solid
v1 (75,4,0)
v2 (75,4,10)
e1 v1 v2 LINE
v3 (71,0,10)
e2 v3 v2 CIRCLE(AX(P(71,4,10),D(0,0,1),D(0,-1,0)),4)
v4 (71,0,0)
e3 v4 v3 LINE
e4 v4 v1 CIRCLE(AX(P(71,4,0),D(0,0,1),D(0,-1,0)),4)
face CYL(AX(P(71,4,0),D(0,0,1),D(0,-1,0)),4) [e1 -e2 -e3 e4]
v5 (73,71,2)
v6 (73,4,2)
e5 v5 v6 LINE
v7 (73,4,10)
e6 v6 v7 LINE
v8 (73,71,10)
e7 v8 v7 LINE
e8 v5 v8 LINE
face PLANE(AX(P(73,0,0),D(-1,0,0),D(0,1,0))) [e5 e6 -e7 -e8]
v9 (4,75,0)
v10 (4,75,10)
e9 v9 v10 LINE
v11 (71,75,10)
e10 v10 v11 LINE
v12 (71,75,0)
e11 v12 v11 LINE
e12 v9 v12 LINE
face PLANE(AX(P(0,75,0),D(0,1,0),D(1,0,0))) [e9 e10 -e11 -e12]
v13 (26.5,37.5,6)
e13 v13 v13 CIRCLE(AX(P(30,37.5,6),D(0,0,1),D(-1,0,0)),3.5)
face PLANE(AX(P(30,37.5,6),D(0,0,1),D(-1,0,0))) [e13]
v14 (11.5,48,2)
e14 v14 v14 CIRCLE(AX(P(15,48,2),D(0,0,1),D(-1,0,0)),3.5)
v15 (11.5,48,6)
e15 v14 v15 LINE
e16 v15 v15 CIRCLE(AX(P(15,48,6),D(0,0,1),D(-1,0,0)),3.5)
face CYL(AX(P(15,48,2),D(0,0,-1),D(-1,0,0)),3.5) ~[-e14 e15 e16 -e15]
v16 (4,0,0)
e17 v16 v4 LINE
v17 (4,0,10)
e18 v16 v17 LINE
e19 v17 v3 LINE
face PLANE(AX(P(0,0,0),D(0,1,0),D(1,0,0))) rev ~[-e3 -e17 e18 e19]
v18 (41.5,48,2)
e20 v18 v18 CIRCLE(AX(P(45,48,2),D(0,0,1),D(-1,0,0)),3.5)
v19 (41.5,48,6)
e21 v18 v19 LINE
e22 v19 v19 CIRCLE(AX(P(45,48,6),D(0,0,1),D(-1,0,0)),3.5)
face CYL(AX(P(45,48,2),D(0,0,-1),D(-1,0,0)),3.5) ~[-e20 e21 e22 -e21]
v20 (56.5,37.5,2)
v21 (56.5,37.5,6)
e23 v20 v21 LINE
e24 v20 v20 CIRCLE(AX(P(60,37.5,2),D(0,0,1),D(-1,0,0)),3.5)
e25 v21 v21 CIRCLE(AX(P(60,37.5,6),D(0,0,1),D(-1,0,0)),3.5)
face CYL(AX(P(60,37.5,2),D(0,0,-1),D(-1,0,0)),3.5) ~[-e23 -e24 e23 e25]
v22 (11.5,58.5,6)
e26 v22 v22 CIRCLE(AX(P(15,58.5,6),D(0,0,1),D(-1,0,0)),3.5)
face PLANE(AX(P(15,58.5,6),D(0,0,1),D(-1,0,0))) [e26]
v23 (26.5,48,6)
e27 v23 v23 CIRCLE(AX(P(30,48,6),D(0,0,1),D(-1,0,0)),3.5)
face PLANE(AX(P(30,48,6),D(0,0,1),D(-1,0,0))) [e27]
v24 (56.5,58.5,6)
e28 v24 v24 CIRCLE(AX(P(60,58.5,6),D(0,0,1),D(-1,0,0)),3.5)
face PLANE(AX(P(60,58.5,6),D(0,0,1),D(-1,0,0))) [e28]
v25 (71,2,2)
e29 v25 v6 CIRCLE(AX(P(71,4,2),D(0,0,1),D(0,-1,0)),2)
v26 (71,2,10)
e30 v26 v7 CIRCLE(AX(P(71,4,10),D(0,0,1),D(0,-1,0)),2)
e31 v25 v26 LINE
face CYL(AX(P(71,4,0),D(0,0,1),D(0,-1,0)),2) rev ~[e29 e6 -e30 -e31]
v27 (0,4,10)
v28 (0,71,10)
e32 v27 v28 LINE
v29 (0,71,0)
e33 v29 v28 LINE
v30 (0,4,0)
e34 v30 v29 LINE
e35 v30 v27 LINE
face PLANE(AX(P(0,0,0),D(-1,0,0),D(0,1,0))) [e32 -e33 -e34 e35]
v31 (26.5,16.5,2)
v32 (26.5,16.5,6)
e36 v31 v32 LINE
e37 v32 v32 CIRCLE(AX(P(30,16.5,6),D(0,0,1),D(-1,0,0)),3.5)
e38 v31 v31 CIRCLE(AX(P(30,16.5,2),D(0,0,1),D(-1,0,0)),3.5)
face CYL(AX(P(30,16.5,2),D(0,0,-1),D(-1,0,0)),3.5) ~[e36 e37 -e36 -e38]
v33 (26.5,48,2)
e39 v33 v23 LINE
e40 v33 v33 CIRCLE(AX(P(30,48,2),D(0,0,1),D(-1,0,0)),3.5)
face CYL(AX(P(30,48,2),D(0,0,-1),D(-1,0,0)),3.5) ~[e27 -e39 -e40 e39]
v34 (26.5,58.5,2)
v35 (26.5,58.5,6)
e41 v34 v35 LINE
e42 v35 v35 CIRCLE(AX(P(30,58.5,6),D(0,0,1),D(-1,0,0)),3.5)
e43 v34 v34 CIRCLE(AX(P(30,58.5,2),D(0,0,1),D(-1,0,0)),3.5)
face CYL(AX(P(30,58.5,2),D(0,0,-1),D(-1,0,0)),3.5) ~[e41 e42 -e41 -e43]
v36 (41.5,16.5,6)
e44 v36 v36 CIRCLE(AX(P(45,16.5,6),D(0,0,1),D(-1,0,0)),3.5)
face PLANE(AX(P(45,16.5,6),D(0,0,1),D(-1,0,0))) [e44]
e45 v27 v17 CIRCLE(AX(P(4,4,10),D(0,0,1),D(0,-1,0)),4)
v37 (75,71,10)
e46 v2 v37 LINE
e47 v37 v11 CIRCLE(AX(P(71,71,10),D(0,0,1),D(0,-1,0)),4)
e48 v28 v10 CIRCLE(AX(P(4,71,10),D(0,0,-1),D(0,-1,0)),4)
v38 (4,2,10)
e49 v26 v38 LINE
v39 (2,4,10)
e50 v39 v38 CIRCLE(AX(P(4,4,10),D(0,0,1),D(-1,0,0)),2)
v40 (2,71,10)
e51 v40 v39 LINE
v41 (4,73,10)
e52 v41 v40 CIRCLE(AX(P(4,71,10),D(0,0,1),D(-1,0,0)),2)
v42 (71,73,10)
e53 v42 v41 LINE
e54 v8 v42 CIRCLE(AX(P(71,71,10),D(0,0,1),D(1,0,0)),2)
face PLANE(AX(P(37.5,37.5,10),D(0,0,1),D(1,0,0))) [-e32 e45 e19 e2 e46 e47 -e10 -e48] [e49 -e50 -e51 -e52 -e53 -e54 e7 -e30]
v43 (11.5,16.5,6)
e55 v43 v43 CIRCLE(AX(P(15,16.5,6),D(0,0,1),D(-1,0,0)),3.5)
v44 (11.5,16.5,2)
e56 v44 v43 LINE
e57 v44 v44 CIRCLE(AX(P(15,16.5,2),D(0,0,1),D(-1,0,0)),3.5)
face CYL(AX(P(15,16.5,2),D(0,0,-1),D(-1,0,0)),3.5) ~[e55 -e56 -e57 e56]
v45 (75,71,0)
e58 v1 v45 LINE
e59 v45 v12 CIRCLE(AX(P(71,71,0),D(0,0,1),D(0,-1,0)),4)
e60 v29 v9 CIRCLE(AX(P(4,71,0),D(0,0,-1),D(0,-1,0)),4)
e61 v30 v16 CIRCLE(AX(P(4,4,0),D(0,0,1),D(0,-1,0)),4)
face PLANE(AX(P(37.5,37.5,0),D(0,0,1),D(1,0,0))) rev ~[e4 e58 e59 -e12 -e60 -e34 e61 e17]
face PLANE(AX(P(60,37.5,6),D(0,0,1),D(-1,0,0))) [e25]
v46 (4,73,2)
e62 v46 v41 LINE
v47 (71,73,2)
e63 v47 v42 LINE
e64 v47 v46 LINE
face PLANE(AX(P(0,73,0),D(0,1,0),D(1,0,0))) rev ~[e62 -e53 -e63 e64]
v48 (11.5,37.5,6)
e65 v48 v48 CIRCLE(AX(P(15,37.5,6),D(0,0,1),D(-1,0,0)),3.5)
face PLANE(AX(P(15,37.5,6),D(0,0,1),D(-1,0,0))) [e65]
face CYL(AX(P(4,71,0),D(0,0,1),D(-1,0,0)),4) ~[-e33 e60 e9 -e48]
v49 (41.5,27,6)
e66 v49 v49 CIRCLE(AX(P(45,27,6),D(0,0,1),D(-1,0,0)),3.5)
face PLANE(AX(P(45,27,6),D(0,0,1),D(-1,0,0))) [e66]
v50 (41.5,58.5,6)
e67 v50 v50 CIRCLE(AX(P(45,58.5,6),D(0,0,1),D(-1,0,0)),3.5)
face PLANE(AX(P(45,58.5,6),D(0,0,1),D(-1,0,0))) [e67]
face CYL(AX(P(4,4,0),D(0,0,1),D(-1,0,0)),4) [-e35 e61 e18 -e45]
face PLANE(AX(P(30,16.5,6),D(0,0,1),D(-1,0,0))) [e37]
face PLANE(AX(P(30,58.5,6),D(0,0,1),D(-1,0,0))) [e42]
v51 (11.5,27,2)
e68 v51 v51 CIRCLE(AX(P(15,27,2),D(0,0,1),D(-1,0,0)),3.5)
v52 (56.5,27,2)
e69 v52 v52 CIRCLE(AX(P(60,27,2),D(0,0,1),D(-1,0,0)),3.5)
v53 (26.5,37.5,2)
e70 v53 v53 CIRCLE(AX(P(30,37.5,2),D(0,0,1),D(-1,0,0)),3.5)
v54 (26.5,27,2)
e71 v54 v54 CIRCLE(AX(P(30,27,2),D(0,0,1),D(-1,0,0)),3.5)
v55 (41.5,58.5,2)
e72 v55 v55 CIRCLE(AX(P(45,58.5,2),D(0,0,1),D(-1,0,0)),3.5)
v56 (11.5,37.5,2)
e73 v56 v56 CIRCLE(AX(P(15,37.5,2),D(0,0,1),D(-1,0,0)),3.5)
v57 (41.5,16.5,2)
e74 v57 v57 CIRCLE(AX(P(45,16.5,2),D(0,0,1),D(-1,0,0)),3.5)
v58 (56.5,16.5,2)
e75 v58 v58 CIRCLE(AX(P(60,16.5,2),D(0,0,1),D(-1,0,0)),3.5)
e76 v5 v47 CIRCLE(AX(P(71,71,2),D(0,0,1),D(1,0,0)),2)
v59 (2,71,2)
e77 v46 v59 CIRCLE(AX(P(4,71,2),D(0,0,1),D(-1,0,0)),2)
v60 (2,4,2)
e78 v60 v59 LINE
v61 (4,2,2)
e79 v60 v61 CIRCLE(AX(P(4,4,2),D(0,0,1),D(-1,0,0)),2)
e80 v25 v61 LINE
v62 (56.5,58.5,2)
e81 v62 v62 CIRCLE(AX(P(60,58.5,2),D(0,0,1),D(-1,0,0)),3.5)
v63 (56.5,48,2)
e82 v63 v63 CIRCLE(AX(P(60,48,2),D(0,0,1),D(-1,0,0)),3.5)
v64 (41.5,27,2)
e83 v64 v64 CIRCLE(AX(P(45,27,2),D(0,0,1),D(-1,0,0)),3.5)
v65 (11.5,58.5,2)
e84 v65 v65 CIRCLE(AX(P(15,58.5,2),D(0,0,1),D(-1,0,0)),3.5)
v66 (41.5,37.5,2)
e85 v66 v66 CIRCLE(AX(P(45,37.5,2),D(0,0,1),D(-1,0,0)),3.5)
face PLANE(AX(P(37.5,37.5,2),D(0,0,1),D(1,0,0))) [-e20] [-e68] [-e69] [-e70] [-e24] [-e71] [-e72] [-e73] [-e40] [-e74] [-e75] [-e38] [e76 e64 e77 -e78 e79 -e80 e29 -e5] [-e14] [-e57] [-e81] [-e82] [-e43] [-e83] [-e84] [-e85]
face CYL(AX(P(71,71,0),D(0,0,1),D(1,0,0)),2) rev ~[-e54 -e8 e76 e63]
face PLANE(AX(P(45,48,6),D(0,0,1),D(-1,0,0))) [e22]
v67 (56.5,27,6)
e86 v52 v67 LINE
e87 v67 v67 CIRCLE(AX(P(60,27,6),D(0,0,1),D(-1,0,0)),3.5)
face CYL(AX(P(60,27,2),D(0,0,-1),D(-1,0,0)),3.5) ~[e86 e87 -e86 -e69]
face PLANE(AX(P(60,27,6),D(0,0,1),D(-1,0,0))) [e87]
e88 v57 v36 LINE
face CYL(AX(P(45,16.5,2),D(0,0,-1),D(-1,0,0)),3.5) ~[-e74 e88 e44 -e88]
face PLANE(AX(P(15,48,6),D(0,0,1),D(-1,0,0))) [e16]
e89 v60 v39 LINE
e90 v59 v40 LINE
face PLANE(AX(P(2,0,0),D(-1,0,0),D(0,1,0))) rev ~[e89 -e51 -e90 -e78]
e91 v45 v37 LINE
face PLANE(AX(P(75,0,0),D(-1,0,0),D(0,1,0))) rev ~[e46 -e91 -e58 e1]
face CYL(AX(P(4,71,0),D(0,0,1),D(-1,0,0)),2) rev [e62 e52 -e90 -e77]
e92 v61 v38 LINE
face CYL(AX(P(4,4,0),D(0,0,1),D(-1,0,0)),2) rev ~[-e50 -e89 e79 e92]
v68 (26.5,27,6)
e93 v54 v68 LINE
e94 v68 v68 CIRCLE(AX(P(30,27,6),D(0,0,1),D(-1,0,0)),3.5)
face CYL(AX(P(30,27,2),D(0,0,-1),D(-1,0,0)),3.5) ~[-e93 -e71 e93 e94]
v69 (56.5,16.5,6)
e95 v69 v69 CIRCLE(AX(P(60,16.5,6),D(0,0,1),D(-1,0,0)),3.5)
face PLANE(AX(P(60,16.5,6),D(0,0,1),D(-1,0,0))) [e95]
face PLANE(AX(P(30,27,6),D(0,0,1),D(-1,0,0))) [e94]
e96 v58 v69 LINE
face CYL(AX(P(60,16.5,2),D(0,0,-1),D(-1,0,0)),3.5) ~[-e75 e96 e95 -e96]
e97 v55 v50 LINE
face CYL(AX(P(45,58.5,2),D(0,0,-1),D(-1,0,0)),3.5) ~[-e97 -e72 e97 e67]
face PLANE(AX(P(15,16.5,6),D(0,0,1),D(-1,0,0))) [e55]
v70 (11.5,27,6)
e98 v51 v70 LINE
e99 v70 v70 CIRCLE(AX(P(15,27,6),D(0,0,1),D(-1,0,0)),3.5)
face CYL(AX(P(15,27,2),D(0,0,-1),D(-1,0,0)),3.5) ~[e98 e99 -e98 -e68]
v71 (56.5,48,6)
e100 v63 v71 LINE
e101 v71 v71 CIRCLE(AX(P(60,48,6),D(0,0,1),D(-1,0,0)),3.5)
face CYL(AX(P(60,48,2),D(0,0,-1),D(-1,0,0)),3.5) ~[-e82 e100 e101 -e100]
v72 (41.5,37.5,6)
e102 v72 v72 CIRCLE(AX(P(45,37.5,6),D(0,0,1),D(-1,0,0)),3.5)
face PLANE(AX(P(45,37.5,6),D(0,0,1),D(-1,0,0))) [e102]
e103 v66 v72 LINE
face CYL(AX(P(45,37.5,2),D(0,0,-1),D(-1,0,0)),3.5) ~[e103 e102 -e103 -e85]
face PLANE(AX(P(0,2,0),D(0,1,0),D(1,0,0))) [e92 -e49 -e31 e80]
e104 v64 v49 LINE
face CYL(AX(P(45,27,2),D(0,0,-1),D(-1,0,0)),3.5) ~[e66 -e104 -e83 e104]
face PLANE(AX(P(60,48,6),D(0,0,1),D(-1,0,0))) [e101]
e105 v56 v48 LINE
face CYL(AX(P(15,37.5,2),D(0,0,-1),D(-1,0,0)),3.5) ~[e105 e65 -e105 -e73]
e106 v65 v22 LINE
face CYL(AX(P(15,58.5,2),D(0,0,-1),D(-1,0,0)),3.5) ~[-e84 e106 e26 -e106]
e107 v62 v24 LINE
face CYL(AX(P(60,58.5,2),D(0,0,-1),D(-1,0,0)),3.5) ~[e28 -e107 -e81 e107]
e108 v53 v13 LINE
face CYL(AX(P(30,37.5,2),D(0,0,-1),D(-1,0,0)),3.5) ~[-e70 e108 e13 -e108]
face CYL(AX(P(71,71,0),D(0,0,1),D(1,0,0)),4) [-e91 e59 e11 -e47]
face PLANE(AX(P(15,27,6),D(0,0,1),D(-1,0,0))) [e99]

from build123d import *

# Parameters (mm, degrees)
SKETCH1_W           = 75
SKETCH1_H           = 75
BOSS_EXTRUDE1_DEPTH = 10
FILLET1_R           = 4
SHELL1_T            = -2
SKETCH2_R           = 3.5
BOSS_EXTRUDE2_DEPTH = 4


with BuildPart() as part:
    # Sketch1 → Boss-Extrude1 (new body)
    with BuildSketch(Plane.XY):
        with Locations((37.5, 37.5)):
            Rectangle(SKETCH1_W, SKETCH1_H)
    extrude(amount=BOSS_EXTRUDE1_DEPTH)

    # Fillet1
    fillet1_edges = [part.edges().sort_by_distance(p)[0] for p in [
        (0, 75, 5),
        (75, 75, 5),
        (75, 0, 5),
        (0, 0, 5),
    ]]
    fillet(fillet1_edges, radius=FILLET1_R)

    # Shell1
    shell1_openings = [part.faces().sort_by_distance(p)[0] for p in [
        (37.5, 37.5, 10),
    ]]
    offset(amount=SHELL1_T, openings=shell1_openings, kind=Kind.INTERSECTION)

    # Sketch2 → Boss-Extrude2 (add)
    with BuildSketch(Plane.XY.offset(2)):
        with Locations(Location((15, 58.5, 0), (0, 0, 180))):
            Circle(SKETCH2_R)
        with Locations(Location((30, 58.5, 0), (0, 0, 180))):
            Circle(SKETCH2_R)
        with Locations(Location((45, 58.5, 0), (0, 0, 180))):
            Circle(SKETCH2_R)
        with Locations(Location((60, 58.5, 0), (0, 0, 180))):
            Circle(SKETCH2_R)
        with Locations(Location((30, 48, 0), (0, 0, 180))):
            Circle(SKETCH2_R)
        with Locations(Location((45, 48, 0), (0, 0, 180))):
            Circle(SKETCH2_R)
        with Locations(Location((60, 48, 0), (0, 0, 180))):
            Circle(SKETCH2_R)
        with Locations(Location((30, 37.5, 0), (0, 0, 180))):
            Circle(SKETCH2_R)
        with Locations(Location((45, 37.5, 0), (0, 0, 180))):
            Circle(SKETCH2_R)
        with Locations(Location((60, 37.5, 0), (0, 0, 180))):
            Circle(SKETCH2_R)
        with Locations(Location((30, 27, 0), (0, 0, 180))):
            Circle(SKETCH2_R)
        with Locations(Location((45, 27, 0), (0, 0, 180))):
            Circle(SKETCH2_R)
        with Locations(Location((60, 27, 0), (0, 0, 180))):
            Circle(SKETCH2_R)
        with Locations(Location((30, 16.5, 0), (0, 0, 180))):
            Circle(SKETCH2_R)
        with Locations(Location((45, 16.5, 0), (0, 0, 180))):
            Circle(SKETCH2_R)
        with Locations(Location((60, 16.5, 0), (0, 0, 180))):
            Circle(SKETCH2_R)
        with Locations(Location((15, 48, 0), (0, 0, 180))):
            Circle(SKETCH2_R)
        with Locations(Location((15, 37.5, 0), (0, 0, 180))):
            Circle(SKETCH2_R)
        with Locations(Location((15, 27, 0), (0, 0, 180))):
            Circle(SKETCH2_R)
        with Locations(Location((15, 16.5, 0), (0, 0, 180))):
            Circle(SKETCH2_R)
    extrude(amount=BOSS_EXTRUDE2_DEPTH)


solid = part.part
